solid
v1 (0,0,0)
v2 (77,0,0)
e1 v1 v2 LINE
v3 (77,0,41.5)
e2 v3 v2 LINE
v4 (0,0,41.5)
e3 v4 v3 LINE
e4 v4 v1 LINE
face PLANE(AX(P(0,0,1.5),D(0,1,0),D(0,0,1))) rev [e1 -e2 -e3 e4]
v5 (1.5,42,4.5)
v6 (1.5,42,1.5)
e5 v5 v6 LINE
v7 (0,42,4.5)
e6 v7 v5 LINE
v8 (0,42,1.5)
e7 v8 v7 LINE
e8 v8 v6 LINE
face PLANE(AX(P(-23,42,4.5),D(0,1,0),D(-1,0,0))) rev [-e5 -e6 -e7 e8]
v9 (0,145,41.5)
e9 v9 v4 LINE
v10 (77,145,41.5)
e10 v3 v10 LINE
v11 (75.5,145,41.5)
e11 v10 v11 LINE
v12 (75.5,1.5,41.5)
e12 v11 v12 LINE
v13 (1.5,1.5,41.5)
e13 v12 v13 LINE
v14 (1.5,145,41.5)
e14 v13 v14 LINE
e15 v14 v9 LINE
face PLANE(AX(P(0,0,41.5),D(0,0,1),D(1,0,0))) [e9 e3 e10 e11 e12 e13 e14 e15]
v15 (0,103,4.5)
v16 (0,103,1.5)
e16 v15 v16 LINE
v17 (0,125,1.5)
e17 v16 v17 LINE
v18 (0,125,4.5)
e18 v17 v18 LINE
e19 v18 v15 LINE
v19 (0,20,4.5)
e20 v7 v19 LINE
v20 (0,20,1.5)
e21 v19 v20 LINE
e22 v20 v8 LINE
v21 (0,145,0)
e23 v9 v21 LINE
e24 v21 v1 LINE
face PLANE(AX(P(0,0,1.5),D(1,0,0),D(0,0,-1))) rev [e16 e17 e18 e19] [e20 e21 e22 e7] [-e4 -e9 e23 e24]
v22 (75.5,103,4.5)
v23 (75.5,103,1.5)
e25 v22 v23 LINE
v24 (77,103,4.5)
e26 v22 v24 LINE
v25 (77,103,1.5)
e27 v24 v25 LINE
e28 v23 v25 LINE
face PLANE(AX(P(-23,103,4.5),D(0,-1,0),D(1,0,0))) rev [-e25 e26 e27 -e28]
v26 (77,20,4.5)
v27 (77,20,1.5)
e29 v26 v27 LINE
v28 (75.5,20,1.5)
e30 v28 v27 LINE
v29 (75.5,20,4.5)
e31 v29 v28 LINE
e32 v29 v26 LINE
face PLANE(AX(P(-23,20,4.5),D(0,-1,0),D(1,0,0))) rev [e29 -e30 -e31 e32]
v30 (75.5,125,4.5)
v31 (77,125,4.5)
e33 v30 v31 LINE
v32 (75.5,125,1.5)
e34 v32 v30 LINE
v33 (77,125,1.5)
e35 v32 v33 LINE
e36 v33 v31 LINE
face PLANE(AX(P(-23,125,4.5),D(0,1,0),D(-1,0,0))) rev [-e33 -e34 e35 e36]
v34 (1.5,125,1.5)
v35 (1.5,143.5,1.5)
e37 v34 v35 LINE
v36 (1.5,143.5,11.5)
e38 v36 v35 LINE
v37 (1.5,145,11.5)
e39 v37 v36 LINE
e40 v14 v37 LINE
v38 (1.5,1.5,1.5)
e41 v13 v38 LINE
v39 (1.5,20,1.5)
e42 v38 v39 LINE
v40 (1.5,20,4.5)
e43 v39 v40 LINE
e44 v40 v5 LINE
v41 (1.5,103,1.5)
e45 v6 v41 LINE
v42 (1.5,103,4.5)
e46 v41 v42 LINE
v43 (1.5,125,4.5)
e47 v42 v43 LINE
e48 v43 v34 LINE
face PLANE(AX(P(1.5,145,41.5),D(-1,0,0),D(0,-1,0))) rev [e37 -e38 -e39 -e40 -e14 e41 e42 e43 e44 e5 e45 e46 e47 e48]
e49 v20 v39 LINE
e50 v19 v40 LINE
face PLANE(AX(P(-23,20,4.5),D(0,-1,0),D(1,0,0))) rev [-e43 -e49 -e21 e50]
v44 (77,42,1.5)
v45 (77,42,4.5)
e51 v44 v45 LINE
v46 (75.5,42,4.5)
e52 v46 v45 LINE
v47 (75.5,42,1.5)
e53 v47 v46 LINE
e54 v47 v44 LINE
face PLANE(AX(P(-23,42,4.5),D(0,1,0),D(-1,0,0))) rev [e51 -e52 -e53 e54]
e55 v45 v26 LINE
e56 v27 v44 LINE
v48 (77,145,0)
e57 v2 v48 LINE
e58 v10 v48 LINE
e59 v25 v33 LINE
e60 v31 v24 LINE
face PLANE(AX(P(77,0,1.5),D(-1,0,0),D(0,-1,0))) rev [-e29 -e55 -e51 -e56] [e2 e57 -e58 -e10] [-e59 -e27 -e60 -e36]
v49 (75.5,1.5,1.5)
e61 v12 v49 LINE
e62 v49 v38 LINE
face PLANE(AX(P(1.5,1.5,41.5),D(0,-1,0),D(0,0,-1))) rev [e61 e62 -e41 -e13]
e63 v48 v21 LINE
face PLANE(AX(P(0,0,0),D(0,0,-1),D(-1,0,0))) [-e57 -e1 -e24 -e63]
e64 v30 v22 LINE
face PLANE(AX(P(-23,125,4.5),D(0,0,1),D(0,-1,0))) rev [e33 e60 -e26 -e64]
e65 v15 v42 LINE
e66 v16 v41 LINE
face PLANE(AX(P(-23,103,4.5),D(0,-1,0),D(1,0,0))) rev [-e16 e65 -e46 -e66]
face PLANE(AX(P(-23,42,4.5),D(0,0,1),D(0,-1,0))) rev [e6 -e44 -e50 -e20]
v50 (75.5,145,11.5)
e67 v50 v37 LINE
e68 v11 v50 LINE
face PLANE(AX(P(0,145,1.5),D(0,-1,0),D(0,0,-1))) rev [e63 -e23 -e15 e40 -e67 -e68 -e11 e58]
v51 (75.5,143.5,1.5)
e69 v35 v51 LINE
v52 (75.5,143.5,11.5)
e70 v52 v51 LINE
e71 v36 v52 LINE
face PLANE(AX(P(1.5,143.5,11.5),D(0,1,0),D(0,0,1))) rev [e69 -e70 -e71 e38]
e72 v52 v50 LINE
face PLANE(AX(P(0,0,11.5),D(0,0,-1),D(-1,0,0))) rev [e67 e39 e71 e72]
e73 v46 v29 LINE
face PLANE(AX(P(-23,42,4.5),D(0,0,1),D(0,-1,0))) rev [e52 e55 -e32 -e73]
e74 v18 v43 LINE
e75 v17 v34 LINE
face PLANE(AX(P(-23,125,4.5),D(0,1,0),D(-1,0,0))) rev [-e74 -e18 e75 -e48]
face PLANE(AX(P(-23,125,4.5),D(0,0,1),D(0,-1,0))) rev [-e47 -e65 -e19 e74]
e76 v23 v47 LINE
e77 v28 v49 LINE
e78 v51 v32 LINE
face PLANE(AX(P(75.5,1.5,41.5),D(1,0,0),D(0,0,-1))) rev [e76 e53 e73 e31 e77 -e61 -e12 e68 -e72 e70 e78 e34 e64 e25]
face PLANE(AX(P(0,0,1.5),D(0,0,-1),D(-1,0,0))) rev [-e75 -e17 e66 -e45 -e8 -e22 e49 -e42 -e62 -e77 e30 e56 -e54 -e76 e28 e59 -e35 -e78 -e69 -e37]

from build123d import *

# Parameters (mm, degrees)
SKETCH_1_W          = 77
SKETCH_1_H          = 145
EXTRUDE_1_DEPTH     = 1.5
EXTRUDE_2_DEPTH     = 40
SKETCH_3_W          = 74
SKETCH_3_H          = 1.5
EXTRUDE_3_DEPTH     = 10
SKETCH_4_W          = 3
SKETCH_4_H          = 22
CUT_EXTRUDE_1_DEPTH = 100


with BuildPart() as part:
    # Эскиз1 → Бобышка-Вытянуть1 (new body)
    with BuildSketch(Plane.XY):
        with Locations((38.5, 72.5)):
            Rectangle(SKETCH_1_W, SKETCH_1_H)
    extrude(amount=EXTRUDE_1_DEPTH)

    # Эскиз2 → Бобышка-Вытянуть2 (add)
    with BuildSketch(Plane.XY.offset(1.5)):
        Polygon((1.5, 145), (1.5, 1.5), (75.5, 1.5), (75.5, 145), (77, 145), (77, 0), (0, 0), (0, 145), align=None)
    extrude(amount=EXTRUDE_2_DEPTH)

    # Эскиз3 → Бобышка-Вытянуть3 (add)
    with BuildSketch(Plane.XY.offset(1.5)):
        with Locations((38.5, 144.25)):
            Rectangle(SKETCH_3_W, SKETCH_3_H)
    extrude(amount=EXTRUDE_3_DEPTH)

    # Эскиз4 → Вырез-Вытянуть1 (cut)
    with BuildSketch(Plane(origin=(77, 0, 0), x_dir=(0, 0, -1), z_dir=(1, 0, 0))):
        with Locations((-3, 114)):
            Rectangle(SKETCH_4_W, SKETCH_4_H)
        with Locations((-3, 31)):
            Rectangle(SKETCH_4_W, SKETCH_4_H)
    extrude(amount=-CUT_EXTRUDE_1_DEPTH, mode=Mode.SUBTRACT)


solid = part.part
